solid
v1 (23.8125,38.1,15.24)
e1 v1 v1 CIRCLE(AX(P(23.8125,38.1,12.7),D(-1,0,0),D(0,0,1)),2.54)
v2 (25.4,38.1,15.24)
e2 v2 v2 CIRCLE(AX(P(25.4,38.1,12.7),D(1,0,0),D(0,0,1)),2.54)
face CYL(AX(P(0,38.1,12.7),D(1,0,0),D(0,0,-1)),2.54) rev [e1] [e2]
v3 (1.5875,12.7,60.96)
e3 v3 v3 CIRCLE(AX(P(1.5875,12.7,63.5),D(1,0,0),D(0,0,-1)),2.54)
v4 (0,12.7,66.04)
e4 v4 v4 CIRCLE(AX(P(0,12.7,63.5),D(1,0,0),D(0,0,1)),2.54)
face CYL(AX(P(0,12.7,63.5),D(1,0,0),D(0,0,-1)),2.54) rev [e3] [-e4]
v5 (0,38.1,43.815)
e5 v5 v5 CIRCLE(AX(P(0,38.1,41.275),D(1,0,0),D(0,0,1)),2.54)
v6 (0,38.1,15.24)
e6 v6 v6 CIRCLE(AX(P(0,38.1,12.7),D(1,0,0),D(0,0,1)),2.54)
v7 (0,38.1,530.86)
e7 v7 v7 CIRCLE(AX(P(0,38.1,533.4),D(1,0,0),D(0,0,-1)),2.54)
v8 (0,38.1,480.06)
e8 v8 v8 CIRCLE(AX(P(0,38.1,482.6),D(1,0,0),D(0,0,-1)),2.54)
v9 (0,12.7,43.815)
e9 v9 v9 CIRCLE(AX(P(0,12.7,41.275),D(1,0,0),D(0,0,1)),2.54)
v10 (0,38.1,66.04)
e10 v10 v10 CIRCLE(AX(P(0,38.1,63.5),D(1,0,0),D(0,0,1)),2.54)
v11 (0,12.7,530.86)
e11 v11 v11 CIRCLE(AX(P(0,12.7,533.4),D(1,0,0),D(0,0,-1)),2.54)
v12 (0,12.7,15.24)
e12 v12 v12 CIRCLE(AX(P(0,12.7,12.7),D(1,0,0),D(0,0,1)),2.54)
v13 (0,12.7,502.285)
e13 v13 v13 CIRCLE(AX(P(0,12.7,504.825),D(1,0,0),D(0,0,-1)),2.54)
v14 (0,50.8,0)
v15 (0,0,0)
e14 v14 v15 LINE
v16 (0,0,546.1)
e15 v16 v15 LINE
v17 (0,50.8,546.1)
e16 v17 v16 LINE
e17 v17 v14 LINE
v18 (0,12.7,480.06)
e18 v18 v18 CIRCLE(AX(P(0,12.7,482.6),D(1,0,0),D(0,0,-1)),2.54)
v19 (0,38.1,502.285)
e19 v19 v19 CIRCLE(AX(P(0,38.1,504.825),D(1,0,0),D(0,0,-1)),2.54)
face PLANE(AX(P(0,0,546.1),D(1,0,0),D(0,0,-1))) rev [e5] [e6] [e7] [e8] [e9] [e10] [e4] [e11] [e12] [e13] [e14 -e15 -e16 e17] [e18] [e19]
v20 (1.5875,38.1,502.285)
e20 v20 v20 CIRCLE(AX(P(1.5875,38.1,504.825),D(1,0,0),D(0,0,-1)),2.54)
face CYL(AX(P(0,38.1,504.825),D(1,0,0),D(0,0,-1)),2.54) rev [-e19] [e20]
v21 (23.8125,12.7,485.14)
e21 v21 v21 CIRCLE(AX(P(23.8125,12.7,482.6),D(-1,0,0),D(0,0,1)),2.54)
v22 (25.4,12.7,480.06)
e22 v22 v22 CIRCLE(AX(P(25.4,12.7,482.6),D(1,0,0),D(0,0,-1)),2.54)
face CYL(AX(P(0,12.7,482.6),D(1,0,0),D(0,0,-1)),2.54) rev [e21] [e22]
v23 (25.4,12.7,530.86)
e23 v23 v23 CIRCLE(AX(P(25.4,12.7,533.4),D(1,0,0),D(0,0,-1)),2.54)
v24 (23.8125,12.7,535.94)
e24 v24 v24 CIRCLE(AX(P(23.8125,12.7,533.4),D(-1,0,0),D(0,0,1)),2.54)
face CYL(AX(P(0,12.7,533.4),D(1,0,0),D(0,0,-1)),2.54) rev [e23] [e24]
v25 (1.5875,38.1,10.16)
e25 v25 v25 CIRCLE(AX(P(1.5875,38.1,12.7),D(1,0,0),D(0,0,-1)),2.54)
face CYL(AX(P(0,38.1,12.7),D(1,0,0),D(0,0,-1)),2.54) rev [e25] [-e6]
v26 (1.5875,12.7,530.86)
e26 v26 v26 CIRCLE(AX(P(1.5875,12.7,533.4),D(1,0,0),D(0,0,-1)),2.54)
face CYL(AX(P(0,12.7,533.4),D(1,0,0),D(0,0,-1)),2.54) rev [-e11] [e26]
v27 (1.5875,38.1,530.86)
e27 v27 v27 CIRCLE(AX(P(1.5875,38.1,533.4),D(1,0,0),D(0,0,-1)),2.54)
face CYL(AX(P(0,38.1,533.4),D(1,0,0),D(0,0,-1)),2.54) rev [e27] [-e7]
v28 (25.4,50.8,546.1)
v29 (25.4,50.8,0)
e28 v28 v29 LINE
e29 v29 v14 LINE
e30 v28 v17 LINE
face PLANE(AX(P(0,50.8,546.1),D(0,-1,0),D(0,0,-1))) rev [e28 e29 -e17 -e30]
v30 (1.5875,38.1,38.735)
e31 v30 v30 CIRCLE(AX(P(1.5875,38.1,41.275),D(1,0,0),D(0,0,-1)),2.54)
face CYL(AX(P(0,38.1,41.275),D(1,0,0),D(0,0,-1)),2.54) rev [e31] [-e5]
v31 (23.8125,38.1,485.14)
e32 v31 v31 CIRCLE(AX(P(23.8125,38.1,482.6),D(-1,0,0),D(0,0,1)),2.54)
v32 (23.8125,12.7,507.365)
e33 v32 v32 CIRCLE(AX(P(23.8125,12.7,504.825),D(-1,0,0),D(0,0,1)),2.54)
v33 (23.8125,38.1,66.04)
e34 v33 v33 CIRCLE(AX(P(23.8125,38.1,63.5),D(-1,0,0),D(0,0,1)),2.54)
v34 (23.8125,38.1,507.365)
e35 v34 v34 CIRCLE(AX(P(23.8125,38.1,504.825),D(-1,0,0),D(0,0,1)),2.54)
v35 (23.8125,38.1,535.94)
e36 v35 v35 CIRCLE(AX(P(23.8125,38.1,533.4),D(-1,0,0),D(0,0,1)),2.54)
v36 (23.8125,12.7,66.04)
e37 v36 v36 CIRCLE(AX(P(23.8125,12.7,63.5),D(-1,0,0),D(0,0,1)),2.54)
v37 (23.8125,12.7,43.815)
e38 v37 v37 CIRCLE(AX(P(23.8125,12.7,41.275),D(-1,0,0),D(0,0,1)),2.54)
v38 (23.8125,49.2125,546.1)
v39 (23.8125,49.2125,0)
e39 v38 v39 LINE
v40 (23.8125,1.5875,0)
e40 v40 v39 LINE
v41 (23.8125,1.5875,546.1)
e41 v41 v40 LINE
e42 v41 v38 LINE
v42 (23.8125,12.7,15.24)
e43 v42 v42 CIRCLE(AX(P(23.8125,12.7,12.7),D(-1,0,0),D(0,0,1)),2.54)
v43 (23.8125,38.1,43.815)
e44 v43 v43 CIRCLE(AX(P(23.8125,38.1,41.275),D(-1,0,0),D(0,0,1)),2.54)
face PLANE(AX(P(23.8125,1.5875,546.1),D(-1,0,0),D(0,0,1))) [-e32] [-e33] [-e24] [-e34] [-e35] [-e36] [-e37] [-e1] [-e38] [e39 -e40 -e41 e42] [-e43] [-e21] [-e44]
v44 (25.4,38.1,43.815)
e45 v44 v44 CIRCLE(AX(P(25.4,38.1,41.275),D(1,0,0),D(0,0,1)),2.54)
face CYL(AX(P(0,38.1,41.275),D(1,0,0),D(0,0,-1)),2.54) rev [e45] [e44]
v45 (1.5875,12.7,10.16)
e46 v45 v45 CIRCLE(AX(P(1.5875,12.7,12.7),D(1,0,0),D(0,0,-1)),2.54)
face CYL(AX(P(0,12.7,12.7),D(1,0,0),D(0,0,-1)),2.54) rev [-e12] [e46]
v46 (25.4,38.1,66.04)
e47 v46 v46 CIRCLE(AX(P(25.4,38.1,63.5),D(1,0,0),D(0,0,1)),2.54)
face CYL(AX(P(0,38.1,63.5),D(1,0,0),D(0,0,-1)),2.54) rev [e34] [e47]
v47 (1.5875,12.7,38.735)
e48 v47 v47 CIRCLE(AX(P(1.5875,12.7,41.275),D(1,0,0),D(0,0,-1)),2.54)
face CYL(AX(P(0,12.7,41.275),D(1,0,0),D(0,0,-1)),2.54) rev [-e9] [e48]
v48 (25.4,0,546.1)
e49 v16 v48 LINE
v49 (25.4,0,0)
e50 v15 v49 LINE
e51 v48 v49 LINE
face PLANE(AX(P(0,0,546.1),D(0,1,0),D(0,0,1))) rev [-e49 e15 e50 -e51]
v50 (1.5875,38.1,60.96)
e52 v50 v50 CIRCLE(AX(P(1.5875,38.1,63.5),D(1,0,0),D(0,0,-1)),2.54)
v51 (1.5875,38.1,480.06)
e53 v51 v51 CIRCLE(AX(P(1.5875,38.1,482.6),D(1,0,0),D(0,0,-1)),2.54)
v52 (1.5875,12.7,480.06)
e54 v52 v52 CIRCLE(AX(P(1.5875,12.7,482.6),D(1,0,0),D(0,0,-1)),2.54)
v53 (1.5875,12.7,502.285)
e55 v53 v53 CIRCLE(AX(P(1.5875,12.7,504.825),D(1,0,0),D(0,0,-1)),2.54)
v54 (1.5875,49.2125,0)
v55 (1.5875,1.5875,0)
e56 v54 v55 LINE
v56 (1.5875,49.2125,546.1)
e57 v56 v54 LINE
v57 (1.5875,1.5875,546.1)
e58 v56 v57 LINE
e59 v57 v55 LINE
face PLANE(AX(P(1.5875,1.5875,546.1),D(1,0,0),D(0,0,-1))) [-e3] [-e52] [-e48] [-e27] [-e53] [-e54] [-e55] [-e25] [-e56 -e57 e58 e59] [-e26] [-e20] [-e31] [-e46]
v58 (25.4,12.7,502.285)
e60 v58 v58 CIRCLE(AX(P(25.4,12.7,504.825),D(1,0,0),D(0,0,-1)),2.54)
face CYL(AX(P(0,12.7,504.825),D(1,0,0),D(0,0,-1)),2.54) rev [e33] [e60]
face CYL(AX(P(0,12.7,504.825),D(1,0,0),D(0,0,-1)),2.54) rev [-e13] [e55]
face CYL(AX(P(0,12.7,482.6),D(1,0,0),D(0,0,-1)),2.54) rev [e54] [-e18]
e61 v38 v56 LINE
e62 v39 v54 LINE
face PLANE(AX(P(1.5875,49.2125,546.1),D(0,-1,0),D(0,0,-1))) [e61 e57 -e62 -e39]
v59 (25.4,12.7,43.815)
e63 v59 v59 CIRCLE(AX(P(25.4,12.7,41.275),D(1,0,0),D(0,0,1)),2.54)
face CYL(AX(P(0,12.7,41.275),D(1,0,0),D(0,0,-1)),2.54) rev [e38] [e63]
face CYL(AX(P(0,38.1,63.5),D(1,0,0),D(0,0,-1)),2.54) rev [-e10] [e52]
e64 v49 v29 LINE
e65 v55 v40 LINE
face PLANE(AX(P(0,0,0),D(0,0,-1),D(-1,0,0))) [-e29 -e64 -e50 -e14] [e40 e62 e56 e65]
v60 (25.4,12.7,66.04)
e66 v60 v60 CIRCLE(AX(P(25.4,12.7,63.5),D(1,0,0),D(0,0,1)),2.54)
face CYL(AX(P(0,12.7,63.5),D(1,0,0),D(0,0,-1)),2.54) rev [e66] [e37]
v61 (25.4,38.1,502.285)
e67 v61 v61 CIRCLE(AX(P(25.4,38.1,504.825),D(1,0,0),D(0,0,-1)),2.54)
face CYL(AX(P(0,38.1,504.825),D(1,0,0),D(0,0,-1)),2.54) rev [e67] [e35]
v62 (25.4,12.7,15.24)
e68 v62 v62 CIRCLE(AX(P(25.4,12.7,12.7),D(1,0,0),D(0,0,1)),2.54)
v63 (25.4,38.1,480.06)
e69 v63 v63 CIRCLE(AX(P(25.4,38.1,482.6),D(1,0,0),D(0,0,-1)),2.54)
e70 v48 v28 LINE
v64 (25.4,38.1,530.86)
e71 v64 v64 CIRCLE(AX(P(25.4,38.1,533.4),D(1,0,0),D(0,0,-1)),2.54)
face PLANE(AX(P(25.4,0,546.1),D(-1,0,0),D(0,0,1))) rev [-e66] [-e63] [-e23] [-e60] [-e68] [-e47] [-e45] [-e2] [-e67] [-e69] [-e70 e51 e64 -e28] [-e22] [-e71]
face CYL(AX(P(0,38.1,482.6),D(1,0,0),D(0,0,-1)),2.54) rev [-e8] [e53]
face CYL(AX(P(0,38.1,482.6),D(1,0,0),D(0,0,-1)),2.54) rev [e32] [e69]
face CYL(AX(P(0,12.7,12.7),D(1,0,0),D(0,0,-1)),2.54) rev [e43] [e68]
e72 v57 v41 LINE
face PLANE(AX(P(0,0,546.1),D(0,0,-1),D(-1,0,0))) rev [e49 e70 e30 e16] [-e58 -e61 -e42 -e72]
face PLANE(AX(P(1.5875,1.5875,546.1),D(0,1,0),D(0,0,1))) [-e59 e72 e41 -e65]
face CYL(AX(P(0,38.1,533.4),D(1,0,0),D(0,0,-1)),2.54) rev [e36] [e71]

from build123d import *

# Parameters (mm, degrees)
SKETCH1_W           = 25.4
SKETCH1_H           = 50.8
SKETCH1_W_2         = 22.225
SKETCH1_H_2         = 47.625
BOSS_EXTRUDE1_DEPTH = 546.1
SKETCH2_R           = 2.54
CUT_EXTRUDE1_DEPTH  = 550.045544559


with BuildPart() as part:
    # Sketch1 → Boss-Extrude1 (new body)
    with BuildSketch(Plane.XY):
        with Locations((12.7, 25.4)):
            Rectangle(SKETCH1_W, SKETCH1_H)
        with Locations((12.7, 25.4)):
            Rectangle(SKETCH1_W_2, SKETCH1_H_2, mode=Mode.SUBTRACT)
    extrude(amount=BOSS_EXTRUDE1_DEPTH)

    # Sketch2 → Cut-Extrude1 (cut, through all)
    with BuildSketch(Plane(origin=(25.4, 0, 0), x_dir=(0, 0, -1), z_dir=(1, 0, 0))):
        with Locations((-504.825, 38.1)):
            Circle(SKETCH2_R)
        with Locations((-504.825, 12.7)):
            Circle(SKETCH2_R)
        with Locations((-482.6, 38.1)):
            Circle(SKETCH2_R)
        with Locations((-482.6, 12.7)):
            Circle(SKETCH2_R)
        with Locations((-533.4, 12.7)):
            Circle(SKETCH2_R)
        with Locations((-533.4, 38.1)):
            Circle(SKETCH2_R)
        with Locations(Location((-12.7, 38.1, 0), (0, 0, 180))):
            Circle(SKETCH2_R)
        with Locations(Location((-12.7, 12.7, 0), (0, 0, 180))):
            Circle(SKETCH2_R)
        with Locations(Location((-63.5, 12.7, 0), (0, 0, 180))):
            Circle(SKETCH2_R)
        with Locations(Location((-63.5, 38.1, 0), (0, 0, 180))):
            Circle(SKETCH2_R)
        with Locations(Location((-41.275, 12.7, 0), (0, 0, 180))):
            Circle(SKETCH2_R)
        with Locations(Location((-41.275, 38.1, 0), (0, 0, 180))):
            Circle(SKETCH2_R)
    extrude(amount=-CUT_EXTRUDE1_DEPTH, mode=Mode.SUBTRACT)


solid = part.part
